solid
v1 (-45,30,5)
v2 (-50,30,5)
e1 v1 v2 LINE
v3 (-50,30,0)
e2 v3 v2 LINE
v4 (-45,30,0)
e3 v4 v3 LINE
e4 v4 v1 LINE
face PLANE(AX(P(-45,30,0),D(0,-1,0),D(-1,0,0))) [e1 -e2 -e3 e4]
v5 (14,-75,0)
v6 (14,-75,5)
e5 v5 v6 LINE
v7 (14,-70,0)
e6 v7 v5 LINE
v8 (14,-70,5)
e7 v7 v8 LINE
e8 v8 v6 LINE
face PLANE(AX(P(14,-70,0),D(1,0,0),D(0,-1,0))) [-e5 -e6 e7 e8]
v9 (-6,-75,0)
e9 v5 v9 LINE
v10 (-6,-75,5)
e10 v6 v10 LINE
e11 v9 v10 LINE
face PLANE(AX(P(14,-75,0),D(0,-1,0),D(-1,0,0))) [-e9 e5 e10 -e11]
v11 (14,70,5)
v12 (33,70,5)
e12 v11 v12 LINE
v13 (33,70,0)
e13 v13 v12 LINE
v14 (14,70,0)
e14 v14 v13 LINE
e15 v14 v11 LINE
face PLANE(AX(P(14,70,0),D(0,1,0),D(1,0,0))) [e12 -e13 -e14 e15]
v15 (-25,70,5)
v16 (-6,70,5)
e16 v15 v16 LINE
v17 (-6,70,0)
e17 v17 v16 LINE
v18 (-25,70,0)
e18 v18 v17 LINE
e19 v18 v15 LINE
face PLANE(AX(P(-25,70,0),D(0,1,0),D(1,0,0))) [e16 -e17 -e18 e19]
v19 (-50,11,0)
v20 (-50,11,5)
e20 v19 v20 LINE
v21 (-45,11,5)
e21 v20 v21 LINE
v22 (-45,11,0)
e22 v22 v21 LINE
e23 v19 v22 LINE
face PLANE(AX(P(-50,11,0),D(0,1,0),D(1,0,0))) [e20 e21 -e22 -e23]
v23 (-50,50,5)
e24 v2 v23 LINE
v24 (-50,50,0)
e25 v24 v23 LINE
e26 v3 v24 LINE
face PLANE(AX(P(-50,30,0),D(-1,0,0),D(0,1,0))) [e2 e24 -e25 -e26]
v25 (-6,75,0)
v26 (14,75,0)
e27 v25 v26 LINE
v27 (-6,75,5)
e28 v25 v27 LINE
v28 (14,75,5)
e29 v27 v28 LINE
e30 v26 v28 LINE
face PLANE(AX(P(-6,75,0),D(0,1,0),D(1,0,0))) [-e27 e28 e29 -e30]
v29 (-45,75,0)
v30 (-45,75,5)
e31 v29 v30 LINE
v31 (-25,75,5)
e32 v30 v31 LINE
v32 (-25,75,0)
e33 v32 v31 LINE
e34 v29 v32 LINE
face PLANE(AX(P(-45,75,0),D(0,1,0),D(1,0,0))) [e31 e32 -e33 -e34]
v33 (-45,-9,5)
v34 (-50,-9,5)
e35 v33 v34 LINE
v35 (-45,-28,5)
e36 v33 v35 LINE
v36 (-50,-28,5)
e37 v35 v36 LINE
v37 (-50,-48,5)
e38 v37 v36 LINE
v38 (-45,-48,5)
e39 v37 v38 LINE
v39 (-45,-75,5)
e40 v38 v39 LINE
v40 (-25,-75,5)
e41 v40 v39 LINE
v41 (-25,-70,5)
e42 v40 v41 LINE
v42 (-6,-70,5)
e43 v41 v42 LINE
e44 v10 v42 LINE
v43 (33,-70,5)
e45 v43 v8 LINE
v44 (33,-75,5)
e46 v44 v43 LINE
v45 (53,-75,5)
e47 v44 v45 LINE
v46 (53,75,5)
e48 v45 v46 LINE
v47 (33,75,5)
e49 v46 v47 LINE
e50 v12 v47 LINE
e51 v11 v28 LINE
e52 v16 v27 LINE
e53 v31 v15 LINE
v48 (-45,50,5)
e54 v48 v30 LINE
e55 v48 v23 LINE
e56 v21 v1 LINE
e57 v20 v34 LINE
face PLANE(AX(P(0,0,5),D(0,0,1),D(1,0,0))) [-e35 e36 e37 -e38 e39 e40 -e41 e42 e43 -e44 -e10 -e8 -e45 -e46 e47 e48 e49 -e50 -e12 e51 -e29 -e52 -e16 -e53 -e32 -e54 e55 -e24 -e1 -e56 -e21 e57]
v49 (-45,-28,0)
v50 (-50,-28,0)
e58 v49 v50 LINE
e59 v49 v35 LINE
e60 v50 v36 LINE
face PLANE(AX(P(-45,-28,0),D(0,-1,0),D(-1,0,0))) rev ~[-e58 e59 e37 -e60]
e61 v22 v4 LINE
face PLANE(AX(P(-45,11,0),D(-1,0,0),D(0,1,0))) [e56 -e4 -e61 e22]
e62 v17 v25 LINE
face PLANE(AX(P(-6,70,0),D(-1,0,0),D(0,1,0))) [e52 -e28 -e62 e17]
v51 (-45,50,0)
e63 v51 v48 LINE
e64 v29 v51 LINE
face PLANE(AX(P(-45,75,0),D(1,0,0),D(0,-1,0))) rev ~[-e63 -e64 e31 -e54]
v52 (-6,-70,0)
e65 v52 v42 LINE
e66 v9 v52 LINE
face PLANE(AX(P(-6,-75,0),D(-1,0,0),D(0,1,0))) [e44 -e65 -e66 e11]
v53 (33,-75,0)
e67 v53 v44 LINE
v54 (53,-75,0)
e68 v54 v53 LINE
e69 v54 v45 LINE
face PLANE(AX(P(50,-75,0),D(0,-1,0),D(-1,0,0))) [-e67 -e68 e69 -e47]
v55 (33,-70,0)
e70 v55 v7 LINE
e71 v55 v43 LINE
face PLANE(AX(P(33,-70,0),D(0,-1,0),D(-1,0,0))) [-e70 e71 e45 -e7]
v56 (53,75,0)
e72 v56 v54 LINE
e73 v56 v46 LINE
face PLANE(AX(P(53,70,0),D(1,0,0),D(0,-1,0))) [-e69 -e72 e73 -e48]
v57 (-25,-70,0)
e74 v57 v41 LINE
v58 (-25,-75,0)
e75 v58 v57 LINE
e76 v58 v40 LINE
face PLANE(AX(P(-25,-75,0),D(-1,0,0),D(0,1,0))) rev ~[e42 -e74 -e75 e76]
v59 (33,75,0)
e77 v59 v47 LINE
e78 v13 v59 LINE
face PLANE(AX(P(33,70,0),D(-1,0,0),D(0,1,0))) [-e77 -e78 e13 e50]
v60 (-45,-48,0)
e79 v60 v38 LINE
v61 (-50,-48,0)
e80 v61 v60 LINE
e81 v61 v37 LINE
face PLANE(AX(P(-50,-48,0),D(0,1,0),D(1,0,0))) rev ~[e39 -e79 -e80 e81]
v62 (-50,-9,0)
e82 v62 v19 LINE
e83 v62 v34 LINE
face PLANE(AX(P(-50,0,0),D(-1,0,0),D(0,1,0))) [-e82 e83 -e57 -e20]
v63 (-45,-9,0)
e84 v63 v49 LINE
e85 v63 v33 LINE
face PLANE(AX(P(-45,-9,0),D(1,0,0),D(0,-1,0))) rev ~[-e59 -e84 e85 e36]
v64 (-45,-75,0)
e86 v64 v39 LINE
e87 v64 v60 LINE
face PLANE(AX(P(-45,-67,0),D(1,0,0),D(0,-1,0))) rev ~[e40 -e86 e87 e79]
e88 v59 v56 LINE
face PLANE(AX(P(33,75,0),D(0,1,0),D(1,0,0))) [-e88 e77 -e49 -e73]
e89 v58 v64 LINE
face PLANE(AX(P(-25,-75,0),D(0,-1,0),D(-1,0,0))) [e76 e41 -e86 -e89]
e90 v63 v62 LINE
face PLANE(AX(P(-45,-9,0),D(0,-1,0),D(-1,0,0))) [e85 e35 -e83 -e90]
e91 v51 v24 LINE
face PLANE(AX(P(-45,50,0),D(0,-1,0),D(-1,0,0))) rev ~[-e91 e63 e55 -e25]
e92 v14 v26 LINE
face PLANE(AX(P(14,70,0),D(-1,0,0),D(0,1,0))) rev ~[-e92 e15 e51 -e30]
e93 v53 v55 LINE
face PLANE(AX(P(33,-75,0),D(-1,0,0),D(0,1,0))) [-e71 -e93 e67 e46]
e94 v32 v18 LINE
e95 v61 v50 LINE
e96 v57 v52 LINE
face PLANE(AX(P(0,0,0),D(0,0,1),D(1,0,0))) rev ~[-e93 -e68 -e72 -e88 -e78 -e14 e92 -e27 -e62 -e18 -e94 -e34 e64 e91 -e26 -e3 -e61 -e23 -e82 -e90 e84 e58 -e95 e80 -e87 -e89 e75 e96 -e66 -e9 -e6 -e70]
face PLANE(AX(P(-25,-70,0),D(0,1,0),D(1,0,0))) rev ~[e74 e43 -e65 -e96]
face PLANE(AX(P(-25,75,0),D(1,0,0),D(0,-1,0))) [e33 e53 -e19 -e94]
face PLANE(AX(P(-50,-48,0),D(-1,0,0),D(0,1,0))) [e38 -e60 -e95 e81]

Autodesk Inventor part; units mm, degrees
ref_plane "YZ Plane" through (0, 0, 0) normal (1, 0, 0) x (0, 1, 0)
ref_plane "XZ Plane" through (0, 0, 0) normal (0, 1, 0) x (-1, 0, 0)
ref_plane "XY Plane" through (0, 0, 0) normal (0, 0, 1) x (1, 0, 0)
sketch "Sketch1" plane through (0, 0, 0) normal (0, 0, 1) x (1, 0, 0)
  line L0 (-50, 75) -> (50, 75)
  line L1 (50, 75) -> (50, -75)
  line L2 (50, -75) -> (-50, -75)
  line L3 (-50, -75) -> (-50, 75)
  line L4 (-50, 75) -> (-45, 75)
  line L5 (-45, 75) -> (-45, 50)
  line L6 (-45, 50) -> (-50, 50)
  line L7 (-50, 50) -> (-50, 75)
  line L8 (-50, 50) -> (-45, 50)
  line L9 (-45, 50) -> (-45, 30)
  line L10 (-45, 30) -> (-50, 30)
  line L11 (-50, 30) -> (-50, 50)
  line L12 (-45, 30) -> (-50, 30)
  line L13 (-50, 30) -> (-50, 11)
  line L14 (-50, 11) -> (-45, 11)
  line L15 (-45, 11) -> (-45, 30)
  line L16 (-50, 11) -> (-45, 11)
  line L17 (-45, 11) -> (-45, -9)
  line L18 (-45, -9) -> (-50, -9)
  line L19 (-50, -9) -> (-50, 11)
  line L20 (-50, -9) -> (-45, -9)
  line L21 (-45, -9) -> (-45, -28)
  line L22 (-45, -28) -> (-50, -28)
  line L23 (-50, -28) -> (-50, -9)
  line L24 (-45, -28) -> (-50, -28)
  line L25 (-50, -28) -> (-50, -48)
  line L26 (-50, -48) -> (-45, -48)
  line L27 (-45, -48) -> (-45, -28)
  line L28 (-50, -48) -> (-45, -48)
  line L29 (-45, -48) -> (-45, -67)
  line L30 (-50, -67) -> (-50, -48)
  line L31 (-45, -67) -> (-45, -75)
  line L32 (-45, -75) -> (-50, -75)
  line L33 (-50, -75) -> (-50, -67)
  line L34 (-45, 75) -> (-25, 75)
  line L35 (-25, 75) -> (-25, 70)
  line L36 (-25, 70) -> (-45, 70)
  line L37 (-45, 70) -> (-45, 75)
  line L38 (-25, 70) -> (-6, 70)
  line L39 (-6, 70) -> (-6, 75)
  line L40 (-6, 75) -> (-25, 75)
  line L41 (-25, 75) -> (-25, 70)
  line L42 (-6, 70) -> (14, 70)
  line L43 (14, 70) -> (14, 75)
  line L44 (14, 75) -> (-6, 75)
  line L45 (-6, 75) -> (-6, 70)
  line L46 (14, 70) -> (33, 70)
  line L47 (33, 70) -> (33, 75)
  line L48 (33, 75) -> (14, 75)
  line L49 (14, 75) -> (14, 70)
  line L50 (33, 70) -> (50, 70)
  line L51 (50, 70) -> (50, 75)
  line L52 (50, 75) -> (33, 75)
  line L53 (33, 75) -> (33, 70)
  line L54 (50, 75) -> (53, 75)
  line L55 (53, 75) -> (53, 70)
  line L56 (53, 70) -> (50, 70)
  line L57 (50, 70) -> (50, 75)
  line L58 (53, 70) -> (53, -75)
  line L59 (53, -75) -> (50, -75)
  line L60 (0, 0) -> (92.6837, 0)
  line L61 (92.6837, 0) -> (-105.3184, 0)
  line L62 (53, -75) -> (33, -75)
  line L63 (33, -75) -> (33, -70)
  line L64 (33, -70) -> (53, -70)
  line L65 (53, -70) -> (53, -75)
  line L66 (33, -70) -> (14, -70)
  line L67 (14, -70) -> (14, -75)
  line L68 (14, -75) -> (33, -75)
  line L69 (33, -75) -> (33, -70)
  line L70 (14, -75) -> (-6, -75)
  line L71 (-6, -75) -> (-6, -70)
  line L72 (-6, -70) -> (14, -70)
  line L73 (14, -70) -> (14, -75)
  line L74 (-6, -75) -> (-25, -75)
  line L75 (-25, -75) -> (-25, -70)
  line L76 (-25, -70) -> (-6, -70)
  line L77 (-6, -70) -> (-6, -75)
  line L78 (-25, -75) -> (-45, -75)
  line L79 (-45, -75) -> (-45, -70)
  line L80 (-45, -70) -> (-25, -70)
  line L81 (-25, -70) -> (-25, -75)
  dimension "d0" = 100
  dimension "d1" = 150
  dimension "d2" = 75
  dimension "d3" = 50
  dimension "d4" = 5
  dimension "d5" = 25
  dimension "d6" = 20
  dimension "d7" = 19
  dimension "d8" = 20
  dimension "d9" = 19
  dimension "d10" = 20
  dimension "d11" = 19
  dimension "d12" = 20
  dimension "d13" = 5
  dimension "d14" = 19
  dimension "d15" = 20
  dimension "d16" = 19
  dimension "d17" = 17
  dimension "d18" = 3
  dimension "d19" = 20
  dimension "d20" = 5
  dimension "d21" = 19
  dimension "d22" = 20
  dimension "d23" = 19
extrude "Extrusion1" add sketch "Sketch1" along normal blind 5 contours L0 L35 L36 L5 | L6 L9 L10 L3 | L36 L38 L42 L46 L50 L1 L60 L61 L17 L15 L9 L5 | L0 L43 L42 L39 | L14 L17 L61 L3 | L61 L17 L18 L3 | L0 L1 L50 L47 | L61 L60 L1 L64 L66 L72 L76 L80 L31 L29 L27 L21 L17 | L54 L55 L56 L1 | L22 L27 L26 L3 | L56 L58 L60 L1 | L60 L58 L64 L1 | L64 L58 L59 L1 | L1 L2 L63 L64 | L31 L80 L75 L2 | L67 L2 L71 L72
